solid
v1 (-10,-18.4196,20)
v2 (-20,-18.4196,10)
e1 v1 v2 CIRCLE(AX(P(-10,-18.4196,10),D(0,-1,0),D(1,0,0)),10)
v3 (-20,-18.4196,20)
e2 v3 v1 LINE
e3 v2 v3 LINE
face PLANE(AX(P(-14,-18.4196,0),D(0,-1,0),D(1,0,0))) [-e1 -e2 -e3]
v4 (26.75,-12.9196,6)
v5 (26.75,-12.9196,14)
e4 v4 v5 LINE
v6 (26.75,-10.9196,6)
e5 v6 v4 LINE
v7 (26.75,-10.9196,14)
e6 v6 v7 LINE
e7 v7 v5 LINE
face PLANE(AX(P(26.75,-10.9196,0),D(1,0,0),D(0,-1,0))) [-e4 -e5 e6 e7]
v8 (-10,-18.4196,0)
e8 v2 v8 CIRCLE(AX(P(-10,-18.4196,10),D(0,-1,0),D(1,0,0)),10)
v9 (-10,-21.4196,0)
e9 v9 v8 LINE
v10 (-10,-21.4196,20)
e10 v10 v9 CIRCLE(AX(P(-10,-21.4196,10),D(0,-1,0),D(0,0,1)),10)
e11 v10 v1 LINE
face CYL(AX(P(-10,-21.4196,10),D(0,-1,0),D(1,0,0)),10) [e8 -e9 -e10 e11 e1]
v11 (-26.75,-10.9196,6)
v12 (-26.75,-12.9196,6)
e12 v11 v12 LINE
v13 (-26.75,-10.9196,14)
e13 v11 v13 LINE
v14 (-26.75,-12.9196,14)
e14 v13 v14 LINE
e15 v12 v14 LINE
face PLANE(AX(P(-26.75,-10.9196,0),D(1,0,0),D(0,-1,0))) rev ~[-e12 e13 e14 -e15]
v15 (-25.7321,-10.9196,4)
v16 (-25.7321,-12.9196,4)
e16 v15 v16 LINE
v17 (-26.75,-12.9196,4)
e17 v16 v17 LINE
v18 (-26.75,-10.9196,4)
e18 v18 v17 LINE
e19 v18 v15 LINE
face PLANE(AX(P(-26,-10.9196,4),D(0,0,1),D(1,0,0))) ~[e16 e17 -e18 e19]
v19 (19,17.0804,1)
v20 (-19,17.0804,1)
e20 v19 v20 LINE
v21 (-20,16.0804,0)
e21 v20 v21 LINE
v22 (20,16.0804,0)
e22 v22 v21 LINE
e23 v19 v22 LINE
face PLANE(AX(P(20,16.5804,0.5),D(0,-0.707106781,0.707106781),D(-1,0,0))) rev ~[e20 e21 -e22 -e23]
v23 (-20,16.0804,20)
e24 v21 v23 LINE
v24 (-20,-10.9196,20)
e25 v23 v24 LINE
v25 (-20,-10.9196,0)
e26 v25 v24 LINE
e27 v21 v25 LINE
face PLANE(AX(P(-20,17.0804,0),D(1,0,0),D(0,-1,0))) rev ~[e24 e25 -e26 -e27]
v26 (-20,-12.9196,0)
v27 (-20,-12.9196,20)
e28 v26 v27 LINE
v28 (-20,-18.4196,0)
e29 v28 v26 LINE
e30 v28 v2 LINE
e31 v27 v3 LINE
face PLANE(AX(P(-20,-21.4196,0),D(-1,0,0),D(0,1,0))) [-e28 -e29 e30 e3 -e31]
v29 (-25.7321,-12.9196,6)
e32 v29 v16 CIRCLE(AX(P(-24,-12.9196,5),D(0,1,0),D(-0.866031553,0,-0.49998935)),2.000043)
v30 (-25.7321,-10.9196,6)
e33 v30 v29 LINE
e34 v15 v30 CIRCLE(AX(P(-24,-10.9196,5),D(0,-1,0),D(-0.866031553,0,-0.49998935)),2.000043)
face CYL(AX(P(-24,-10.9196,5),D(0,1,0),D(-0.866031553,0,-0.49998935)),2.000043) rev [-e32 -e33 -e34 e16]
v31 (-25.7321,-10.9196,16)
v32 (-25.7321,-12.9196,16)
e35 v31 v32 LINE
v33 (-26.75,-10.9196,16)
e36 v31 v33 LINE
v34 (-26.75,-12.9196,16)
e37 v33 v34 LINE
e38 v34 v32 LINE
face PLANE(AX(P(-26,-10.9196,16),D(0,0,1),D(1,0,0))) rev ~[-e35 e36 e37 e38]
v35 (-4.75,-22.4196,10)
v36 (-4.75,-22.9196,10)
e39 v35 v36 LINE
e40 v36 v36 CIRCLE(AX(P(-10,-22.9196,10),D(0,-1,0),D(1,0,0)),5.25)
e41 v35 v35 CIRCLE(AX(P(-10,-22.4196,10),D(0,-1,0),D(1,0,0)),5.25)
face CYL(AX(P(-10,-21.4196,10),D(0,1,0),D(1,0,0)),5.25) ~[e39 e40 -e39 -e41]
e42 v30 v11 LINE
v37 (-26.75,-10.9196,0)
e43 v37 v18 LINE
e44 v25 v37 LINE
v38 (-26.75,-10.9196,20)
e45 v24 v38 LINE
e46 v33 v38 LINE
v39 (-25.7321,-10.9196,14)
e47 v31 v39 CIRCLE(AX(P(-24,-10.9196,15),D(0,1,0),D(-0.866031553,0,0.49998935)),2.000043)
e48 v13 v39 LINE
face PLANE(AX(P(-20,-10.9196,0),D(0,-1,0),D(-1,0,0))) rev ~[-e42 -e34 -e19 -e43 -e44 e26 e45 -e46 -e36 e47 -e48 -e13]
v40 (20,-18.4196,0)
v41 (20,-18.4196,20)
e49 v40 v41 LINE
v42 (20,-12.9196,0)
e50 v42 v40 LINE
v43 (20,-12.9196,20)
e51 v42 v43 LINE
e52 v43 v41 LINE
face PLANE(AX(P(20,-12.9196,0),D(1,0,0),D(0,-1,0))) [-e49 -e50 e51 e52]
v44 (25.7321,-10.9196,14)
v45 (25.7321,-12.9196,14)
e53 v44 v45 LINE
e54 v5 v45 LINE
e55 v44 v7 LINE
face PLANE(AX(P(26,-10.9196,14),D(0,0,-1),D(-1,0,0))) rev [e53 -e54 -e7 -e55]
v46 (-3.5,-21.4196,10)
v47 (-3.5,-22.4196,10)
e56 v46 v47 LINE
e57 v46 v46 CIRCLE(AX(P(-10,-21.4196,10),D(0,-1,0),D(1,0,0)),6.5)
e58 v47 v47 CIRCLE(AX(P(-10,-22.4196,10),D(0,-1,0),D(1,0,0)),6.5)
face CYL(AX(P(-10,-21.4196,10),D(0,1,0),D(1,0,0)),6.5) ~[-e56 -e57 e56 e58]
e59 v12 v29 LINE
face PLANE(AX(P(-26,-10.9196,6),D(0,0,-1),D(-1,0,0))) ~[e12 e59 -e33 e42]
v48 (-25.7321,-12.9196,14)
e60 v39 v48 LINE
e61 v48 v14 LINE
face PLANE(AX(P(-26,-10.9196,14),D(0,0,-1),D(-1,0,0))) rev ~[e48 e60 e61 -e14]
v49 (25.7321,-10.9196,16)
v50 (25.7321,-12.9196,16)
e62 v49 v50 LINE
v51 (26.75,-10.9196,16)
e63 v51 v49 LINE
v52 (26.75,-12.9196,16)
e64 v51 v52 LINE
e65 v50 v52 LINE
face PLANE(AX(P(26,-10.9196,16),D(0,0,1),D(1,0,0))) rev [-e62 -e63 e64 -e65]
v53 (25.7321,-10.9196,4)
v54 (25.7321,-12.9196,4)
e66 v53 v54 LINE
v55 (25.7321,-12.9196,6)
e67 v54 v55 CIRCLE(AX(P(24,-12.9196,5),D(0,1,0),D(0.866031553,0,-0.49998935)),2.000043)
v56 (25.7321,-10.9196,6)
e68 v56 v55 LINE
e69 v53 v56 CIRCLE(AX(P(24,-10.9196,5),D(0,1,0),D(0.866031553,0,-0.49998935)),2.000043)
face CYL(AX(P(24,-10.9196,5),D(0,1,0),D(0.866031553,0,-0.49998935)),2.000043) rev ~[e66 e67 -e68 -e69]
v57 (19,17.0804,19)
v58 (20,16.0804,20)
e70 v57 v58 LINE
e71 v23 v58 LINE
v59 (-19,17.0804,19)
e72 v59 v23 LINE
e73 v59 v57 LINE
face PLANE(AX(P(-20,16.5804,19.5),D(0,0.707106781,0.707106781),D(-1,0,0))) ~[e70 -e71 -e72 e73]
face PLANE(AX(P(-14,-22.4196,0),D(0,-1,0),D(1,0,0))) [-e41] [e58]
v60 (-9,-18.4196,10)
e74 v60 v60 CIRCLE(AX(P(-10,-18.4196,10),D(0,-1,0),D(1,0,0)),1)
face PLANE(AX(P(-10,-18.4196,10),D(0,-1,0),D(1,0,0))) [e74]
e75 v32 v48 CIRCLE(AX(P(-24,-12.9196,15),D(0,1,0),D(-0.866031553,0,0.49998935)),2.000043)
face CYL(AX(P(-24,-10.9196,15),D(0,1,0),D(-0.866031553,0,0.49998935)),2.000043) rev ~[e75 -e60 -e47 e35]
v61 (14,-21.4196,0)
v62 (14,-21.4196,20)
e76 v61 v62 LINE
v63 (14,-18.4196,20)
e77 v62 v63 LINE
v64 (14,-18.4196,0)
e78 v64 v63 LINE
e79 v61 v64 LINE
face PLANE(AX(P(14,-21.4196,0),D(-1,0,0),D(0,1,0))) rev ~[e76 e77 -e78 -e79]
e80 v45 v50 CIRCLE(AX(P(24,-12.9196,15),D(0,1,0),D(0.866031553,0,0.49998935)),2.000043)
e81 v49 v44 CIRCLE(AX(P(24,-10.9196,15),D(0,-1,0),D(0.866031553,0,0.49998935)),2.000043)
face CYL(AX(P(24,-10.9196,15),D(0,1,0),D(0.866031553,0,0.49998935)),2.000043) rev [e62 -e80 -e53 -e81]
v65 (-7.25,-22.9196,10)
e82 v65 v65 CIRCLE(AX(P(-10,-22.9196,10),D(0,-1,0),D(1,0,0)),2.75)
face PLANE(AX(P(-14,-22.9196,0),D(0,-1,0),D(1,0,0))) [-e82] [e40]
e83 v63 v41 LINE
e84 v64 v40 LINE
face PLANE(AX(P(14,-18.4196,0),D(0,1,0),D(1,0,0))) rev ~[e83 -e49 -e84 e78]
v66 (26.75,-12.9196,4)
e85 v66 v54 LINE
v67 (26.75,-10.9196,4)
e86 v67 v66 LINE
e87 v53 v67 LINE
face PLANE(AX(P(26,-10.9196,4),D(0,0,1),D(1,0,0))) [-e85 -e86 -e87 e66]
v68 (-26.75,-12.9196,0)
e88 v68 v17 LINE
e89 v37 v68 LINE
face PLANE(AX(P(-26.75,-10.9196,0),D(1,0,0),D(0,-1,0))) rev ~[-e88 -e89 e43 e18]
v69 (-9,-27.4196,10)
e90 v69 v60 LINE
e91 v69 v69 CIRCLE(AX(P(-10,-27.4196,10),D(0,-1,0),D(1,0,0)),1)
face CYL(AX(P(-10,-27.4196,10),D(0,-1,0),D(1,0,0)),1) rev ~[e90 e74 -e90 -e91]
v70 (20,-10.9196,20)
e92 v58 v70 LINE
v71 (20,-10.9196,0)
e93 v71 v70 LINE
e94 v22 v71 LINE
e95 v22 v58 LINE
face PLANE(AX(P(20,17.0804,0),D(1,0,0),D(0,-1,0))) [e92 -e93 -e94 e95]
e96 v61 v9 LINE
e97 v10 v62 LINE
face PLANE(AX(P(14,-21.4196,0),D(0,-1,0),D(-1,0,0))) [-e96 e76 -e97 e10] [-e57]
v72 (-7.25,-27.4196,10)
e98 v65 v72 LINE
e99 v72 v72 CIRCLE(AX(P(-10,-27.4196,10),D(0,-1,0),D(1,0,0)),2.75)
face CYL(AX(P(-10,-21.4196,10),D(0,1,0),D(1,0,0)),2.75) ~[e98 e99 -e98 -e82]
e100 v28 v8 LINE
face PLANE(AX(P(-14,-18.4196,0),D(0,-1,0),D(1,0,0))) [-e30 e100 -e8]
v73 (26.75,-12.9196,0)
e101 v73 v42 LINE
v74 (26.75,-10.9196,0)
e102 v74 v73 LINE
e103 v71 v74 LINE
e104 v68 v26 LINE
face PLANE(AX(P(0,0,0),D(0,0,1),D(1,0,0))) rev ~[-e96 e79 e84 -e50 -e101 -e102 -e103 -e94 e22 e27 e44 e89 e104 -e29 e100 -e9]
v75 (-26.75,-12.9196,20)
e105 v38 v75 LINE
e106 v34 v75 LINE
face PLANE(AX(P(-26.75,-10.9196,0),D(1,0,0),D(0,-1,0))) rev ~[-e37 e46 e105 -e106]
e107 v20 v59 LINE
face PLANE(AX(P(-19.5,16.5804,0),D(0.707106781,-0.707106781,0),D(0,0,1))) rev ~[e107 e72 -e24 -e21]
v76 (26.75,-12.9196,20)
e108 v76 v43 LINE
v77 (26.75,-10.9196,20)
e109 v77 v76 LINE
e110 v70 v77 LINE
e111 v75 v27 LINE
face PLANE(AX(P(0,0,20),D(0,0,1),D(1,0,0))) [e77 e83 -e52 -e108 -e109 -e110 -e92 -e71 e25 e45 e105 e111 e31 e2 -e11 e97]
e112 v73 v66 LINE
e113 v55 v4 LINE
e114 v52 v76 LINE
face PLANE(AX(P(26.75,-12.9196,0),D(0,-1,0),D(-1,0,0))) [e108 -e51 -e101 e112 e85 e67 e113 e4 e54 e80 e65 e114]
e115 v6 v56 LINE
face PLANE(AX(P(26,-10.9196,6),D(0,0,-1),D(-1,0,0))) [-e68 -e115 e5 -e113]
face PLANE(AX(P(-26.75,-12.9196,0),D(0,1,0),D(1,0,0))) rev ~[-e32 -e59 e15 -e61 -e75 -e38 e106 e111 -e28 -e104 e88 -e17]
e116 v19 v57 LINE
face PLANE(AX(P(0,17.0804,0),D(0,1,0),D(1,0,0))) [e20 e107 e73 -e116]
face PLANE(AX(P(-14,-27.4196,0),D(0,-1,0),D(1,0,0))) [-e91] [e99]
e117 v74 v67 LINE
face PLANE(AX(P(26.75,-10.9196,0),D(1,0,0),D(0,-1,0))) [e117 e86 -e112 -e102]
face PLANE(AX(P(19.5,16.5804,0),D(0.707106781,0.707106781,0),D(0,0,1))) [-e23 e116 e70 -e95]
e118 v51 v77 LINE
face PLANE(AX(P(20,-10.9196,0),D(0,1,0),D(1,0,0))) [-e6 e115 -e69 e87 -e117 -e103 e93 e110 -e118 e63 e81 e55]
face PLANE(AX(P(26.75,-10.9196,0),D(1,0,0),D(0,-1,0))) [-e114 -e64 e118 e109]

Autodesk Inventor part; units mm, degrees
ref_plane "YZ Plane" through (0, 0, 0) normal (1, 0, 0) x (0, 1, 0)
sketch "Эскиз1" plane through (0, 0, 0) normal (0, 0, 1) x (1, 0, 0)
  line L0 (0, 17.0804) -> (20, 17.0804)
  line L1 (0, 24.5911) -> (0, -44.9718)
  line L2 (14, -21.4196) -> (0, -21.4196)
  line L3 (20, 17.0804) -> (20, -10.9196)
  line L4 (20, -10.9196) -> (26.75, -10.9196)
  line L5 (26.75, -10.9196) -> (26.75, -12.9196)
  line L6 (26.75, -12.9196) -> (20, -12.9196)
  line L7 (20, -12.9196) -> (20, -18.4196)
  line L8 (14, -21.4196) -> (14, -18.4196)
  line L9 (14, -18.4196) -> (20, -18.4196)
  line L10 (0, 17.0804) -> (-20, 17.0804)
  line L11 (-14, -21.4196) -> (0, -21.4196)
  line L12 (-20, 17.0804) -> (-20, -10.9196)
  line L13 (-20, -10.9196) -> (-26.75, -10.9196)
  line L14 (-26.75, -10.9196) -> (-26.75, -12.9196)
  line L15 (-26.75, -12.9196) -> (-20, -12.9196)
  line L16 (-20, -12.9196) -> (-20, -18.4196)
  line L17 (-14, -21.4196) -> (-20, -21.4196)
  line L18 (-20, -21.4196) -> (-20, -18.4196)
  point P0 (0, 0)
  dimension "d14" = 28
  dimension "d15" = 6.75
  dimension "d16" = 2
  dimension "d17" = 6
  dimension "d18" = 3
  dimension "d20" = 20
extrude "Выдавливание1" add sketch "Эскиз1" along normal blind 20
sketch "Эскиз2" plane through (20, -10.9196, 0) normal (0, 1, 0) x (1, 0, 0)
  line L0 (0, 0) -> (0, -20) projected
  line L1 (0, -10) -> (9.888, -10)
  arc A0 (5.7321, -4) -> (5.7321, -6) centre (4, -5) ccw
  line L2 (6.75, 0) -> (6.75, -20) projected
  line L3 (6, -4) -> (6.75, -4)
  line L4 (6, -6) -> (6.75, -6)
  line L5 (6, -4) -> (5.7321, -4)
  line L6 (6, -6) -> (5.7321, -6)
  point P0 (-20, 0)
  dimension "d23" = 4
  dimension "d24" = 3
  dimension "d25" = 2
extrude "Выдавливание2" cut sketch "Эскиз2" against normal through all
ref_plane "РабПлоскость1" through (0, 0, 10) normal (0, 0, 1) x (1, 0, 0)
mirror "Зеркальное отражение2" about plane through (0, 0, 10) normal (0, 0, 1) of "Выдавливание2"
ref_plane "РабПлоскость3" through (0, -10.9196, 0) normal (1, 0, 0) x (0, 0, -1)
mirror "Зеркальное отражение3" about plane through (0, -10.9196, 0) normal (1, 0, 0) of "Выдавливание2", "Зеркальное отражение2"
chamfer "Фаска1" distance 1 angle 45 4 edges at (0, 17.0804, 20) (20, 17.0804, 10) (0, 17.0804, 0) (-20, 17.0804, 10)
sketch "Эскиз3" plane through (-14, -21.4196, 0) normal (0, -1, 0) x (1, 0, 0)
  line L0 (28, 0) -> (28, 20) projected
  line L1 (-6, 0) -> (-6, 20)
  line L2 (-6, 20) -> (34, 20) projected
  circle A0 centre (4, 10) radius 10
  circle A1 centre (4, 10) radius 2.75
  circle A2 centre (4, 10) radius 5.25
  circle A3 centre (4, 10) radius 6.5
  line L3 (-6, 0) -> (-12.75, 0) projected
  line L4 (-6, 0) -> (4, 0)
  line L5 (-6, 20) -> (4, 20)
  line L6 (-6, 20) -> (28, 20) projected
  line L7 (-6, 0) -> (-6, 20) projected
  line L8 (-6, 0) -> (-6, 20)
  point P0 (14, 0)
  point P1 (-6, 10)
  dimension "d39" = 5.5
  dimension "d41" = 10.5
  dimension "d42" = 13
extrude "Выдавливание3" cut sketch "Эскиз3" against normal up to surface (3 mm away) contours L1 A0 L4 | L1 L2 A0
sketch "Эскиз5" plane through (14, -21.4196, 0) normal (0, -1, 0) x (1, 0, 0)
  point P0 (-14, 0)
extrude "Выдавливание4" add sketch "Эскиз3" along normal blind 1 contours A3
extrude "Выдавливание5" add sketch "Эскиз3" along normal blind 1.5 contours A2
extrude "Выдавливание6" add sketch "Эскиз3" along normal blind 6 contours A1
sketch "Эскиз6" plane through (-10, -27.4196, 10) normal (0, -1, 0) x (1, 0, 0)
  circle A0 centre (0, 0) radius 1
  point P0 (10, -10)
  dimension "d52" = 2
extrude "Выдавливание7" cut sketch "Эскиз6" against normal up to surface (9 mm away)
properties part number "Сервопривод"
